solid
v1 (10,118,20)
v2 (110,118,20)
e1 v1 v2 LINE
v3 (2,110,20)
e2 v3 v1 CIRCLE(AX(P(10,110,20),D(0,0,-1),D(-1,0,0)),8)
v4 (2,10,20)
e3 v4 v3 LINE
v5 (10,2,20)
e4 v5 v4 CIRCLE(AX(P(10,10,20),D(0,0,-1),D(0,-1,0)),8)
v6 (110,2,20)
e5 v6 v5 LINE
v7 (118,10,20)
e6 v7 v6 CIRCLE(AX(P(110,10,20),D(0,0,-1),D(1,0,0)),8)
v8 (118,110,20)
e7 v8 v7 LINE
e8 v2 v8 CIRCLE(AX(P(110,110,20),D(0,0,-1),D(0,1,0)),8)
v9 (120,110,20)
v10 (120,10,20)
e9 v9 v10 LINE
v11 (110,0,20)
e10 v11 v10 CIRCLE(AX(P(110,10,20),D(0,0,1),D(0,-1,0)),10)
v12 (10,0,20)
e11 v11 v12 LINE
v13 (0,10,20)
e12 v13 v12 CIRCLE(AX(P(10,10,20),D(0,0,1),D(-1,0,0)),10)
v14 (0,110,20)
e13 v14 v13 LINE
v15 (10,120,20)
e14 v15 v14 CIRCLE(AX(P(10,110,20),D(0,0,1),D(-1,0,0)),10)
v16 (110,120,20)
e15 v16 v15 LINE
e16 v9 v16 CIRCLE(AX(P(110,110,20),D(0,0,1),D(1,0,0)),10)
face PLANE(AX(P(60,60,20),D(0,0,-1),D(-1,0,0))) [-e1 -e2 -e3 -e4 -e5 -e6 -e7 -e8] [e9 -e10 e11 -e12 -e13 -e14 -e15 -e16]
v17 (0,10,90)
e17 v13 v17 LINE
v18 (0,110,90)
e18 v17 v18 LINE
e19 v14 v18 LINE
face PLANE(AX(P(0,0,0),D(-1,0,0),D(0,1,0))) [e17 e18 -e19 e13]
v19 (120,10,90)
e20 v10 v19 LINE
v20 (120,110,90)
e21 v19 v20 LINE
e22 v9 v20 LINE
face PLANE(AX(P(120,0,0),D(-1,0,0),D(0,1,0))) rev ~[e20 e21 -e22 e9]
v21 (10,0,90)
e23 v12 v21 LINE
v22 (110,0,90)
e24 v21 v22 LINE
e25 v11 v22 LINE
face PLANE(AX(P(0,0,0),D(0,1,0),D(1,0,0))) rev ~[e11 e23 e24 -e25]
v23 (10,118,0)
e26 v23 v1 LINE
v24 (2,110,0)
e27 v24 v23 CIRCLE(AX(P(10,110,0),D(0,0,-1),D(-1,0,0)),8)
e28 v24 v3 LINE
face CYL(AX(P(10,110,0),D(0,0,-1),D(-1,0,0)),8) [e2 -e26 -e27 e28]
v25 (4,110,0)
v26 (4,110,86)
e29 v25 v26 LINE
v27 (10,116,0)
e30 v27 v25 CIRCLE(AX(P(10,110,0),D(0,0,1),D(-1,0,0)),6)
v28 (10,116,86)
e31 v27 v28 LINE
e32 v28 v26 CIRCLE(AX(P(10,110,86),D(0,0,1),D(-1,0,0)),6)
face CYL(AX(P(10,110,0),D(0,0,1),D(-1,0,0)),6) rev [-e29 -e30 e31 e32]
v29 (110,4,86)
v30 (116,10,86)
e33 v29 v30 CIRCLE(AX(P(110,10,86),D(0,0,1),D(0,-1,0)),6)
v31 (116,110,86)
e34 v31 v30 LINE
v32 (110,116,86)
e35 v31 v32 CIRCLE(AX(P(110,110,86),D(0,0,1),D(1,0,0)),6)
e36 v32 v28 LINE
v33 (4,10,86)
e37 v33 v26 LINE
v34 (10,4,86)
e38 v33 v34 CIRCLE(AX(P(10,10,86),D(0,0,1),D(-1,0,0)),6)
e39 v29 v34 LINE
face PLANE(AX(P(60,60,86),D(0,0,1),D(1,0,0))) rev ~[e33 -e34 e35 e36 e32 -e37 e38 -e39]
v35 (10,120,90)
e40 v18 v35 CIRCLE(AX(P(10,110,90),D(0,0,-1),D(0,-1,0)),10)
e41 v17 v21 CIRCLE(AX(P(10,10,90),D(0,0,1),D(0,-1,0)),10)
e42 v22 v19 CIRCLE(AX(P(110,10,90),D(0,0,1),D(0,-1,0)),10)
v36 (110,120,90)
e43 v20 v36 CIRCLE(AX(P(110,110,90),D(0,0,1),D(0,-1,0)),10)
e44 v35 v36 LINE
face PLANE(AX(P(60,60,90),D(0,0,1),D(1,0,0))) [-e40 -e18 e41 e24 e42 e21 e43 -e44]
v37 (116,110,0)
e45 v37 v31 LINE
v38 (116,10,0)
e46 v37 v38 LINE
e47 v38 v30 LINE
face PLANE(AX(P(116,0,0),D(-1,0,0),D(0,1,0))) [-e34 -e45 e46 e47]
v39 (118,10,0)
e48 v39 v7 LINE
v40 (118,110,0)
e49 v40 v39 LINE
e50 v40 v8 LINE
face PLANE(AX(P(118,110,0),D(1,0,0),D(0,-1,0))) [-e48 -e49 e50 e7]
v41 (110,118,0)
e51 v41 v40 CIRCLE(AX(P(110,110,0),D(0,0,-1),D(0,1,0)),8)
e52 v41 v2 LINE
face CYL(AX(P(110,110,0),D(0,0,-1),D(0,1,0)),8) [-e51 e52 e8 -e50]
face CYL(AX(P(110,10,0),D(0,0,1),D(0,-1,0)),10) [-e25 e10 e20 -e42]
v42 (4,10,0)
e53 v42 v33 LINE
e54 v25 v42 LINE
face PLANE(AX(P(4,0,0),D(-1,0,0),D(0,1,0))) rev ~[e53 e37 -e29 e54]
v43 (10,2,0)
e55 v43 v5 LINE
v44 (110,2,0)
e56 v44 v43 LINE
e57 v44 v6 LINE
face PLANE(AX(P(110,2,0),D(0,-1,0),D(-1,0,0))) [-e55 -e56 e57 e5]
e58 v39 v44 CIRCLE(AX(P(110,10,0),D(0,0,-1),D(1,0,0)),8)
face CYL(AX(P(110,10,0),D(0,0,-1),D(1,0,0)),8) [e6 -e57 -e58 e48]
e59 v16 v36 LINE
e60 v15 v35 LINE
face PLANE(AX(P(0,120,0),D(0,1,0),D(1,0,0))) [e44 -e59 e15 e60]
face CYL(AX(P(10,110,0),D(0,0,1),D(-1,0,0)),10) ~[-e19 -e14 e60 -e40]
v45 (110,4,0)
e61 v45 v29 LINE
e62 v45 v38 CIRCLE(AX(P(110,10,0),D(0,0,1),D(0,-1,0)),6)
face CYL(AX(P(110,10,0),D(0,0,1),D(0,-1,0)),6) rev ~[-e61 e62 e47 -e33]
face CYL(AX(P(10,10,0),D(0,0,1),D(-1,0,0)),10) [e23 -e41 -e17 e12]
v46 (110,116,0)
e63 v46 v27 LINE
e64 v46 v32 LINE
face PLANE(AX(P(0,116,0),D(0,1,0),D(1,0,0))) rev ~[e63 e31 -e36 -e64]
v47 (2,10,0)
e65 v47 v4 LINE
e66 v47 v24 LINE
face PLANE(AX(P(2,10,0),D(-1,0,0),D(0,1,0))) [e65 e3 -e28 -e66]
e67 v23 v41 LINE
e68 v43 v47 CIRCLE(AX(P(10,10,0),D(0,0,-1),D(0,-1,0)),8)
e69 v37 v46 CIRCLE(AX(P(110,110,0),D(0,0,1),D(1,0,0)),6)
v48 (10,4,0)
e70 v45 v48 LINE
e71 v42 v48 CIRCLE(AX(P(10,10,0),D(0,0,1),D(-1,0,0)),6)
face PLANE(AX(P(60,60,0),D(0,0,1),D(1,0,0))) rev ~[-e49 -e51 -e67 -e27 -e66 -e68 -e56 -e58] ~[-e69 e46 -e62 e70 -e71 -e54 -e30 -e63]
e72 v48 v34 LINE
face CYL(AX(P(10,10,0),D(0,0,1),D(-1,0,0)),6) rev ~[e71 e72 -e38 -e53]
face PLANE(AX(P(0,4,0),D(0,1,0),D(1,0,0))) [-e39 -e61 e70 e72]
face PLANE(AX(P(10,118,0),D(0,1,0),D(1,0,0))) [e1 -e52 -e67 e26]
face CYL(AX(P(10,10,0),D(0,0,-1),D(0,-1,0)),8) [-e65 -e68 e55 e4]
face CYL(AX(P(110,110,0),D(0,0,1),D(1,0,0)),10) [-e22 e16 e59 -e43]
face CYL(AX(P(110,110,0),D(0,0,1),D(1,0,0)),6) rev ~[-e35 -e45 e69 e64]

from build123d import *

# Parameters (mm, degrees)
SKETCH2_W           = 120
SKETCH2_H           = 120
BOSS_EXTRUDE1_DEPTH = 90
FILLET1_R           = 10
SHELL2_T            = -4
SKETCH4_OUTSIDE_W   = 160.418
SKETCH4_OUTSIDE_H   = 160.418
CUT_EXTRUDE5_DEPTH  = 20


with BuildPart() as part:
    # Sketch2 → Boss-Extrude1 (new body)
    with BuildSketch(Plane.XY):
        with Locations((60, 60)):
            Rectangle(SKETCH2_W, SKETCH2_H)
    extrude(amount=BOSS_EXTRUDE1_DEPTH)

    # Fillet1
    fillet1_edges = [part.edges().sort_by_distance(p)[0] for p in [
        (0, 120, 45),
        (120, 120, 45),
        (120, 0, 45),
        (0, 0, 45),
    ]]
    fillet(fillet1_edges, radius=FILLET1_R)

    # Shell2
    shell2_openings = [part.faces().sort_by_distance(p)[0] for p in [
        (60, 60, 0),
    ]]
    offset(amount=SHELL2_T, openings=shell2_openings, kind=Kind.INTERSECTION)

    # Sketch4 outside → Cut-Extrude5 (cut)
    with BuildSketch(Plane(origin=(0, 0, 0), x_dir=(-1, 0, 0), z_dir=(0, 0, -1))):
        with Locations((-60, 60)):
            Rectangle(SKETCH4_OUTSIDE_W, SKETCH4_OUTSIDE_H)
        with BuildLine():
            Line((-110, 2), (-10, 2))
            ThreePointArc((-10, 2), (-4.343145751, 4.343145751), (-2, 10))
            Line((-2, 10), (-2, 110))
            ThreePointArc((-2, 110), (-4.343145751, 115.656854249), (-10, 118))
            Line((-10, 118), (-110, 118))
            ThreePointArc((-110, 118), (-115.656854249, 115.656854249), (-118, 110))
            Line((-118, 110), (-118, 10))
            ThreePointArc((-118, 10), (-115.656854249, 4.343145751), (-110, 2))
        make_face(mode=Mode.SUBTRACT)
    extrude(amount=-CUT_EXTRUDE5_DEPTH, mode=Mode.SUBTRACT)


solid = part.part
